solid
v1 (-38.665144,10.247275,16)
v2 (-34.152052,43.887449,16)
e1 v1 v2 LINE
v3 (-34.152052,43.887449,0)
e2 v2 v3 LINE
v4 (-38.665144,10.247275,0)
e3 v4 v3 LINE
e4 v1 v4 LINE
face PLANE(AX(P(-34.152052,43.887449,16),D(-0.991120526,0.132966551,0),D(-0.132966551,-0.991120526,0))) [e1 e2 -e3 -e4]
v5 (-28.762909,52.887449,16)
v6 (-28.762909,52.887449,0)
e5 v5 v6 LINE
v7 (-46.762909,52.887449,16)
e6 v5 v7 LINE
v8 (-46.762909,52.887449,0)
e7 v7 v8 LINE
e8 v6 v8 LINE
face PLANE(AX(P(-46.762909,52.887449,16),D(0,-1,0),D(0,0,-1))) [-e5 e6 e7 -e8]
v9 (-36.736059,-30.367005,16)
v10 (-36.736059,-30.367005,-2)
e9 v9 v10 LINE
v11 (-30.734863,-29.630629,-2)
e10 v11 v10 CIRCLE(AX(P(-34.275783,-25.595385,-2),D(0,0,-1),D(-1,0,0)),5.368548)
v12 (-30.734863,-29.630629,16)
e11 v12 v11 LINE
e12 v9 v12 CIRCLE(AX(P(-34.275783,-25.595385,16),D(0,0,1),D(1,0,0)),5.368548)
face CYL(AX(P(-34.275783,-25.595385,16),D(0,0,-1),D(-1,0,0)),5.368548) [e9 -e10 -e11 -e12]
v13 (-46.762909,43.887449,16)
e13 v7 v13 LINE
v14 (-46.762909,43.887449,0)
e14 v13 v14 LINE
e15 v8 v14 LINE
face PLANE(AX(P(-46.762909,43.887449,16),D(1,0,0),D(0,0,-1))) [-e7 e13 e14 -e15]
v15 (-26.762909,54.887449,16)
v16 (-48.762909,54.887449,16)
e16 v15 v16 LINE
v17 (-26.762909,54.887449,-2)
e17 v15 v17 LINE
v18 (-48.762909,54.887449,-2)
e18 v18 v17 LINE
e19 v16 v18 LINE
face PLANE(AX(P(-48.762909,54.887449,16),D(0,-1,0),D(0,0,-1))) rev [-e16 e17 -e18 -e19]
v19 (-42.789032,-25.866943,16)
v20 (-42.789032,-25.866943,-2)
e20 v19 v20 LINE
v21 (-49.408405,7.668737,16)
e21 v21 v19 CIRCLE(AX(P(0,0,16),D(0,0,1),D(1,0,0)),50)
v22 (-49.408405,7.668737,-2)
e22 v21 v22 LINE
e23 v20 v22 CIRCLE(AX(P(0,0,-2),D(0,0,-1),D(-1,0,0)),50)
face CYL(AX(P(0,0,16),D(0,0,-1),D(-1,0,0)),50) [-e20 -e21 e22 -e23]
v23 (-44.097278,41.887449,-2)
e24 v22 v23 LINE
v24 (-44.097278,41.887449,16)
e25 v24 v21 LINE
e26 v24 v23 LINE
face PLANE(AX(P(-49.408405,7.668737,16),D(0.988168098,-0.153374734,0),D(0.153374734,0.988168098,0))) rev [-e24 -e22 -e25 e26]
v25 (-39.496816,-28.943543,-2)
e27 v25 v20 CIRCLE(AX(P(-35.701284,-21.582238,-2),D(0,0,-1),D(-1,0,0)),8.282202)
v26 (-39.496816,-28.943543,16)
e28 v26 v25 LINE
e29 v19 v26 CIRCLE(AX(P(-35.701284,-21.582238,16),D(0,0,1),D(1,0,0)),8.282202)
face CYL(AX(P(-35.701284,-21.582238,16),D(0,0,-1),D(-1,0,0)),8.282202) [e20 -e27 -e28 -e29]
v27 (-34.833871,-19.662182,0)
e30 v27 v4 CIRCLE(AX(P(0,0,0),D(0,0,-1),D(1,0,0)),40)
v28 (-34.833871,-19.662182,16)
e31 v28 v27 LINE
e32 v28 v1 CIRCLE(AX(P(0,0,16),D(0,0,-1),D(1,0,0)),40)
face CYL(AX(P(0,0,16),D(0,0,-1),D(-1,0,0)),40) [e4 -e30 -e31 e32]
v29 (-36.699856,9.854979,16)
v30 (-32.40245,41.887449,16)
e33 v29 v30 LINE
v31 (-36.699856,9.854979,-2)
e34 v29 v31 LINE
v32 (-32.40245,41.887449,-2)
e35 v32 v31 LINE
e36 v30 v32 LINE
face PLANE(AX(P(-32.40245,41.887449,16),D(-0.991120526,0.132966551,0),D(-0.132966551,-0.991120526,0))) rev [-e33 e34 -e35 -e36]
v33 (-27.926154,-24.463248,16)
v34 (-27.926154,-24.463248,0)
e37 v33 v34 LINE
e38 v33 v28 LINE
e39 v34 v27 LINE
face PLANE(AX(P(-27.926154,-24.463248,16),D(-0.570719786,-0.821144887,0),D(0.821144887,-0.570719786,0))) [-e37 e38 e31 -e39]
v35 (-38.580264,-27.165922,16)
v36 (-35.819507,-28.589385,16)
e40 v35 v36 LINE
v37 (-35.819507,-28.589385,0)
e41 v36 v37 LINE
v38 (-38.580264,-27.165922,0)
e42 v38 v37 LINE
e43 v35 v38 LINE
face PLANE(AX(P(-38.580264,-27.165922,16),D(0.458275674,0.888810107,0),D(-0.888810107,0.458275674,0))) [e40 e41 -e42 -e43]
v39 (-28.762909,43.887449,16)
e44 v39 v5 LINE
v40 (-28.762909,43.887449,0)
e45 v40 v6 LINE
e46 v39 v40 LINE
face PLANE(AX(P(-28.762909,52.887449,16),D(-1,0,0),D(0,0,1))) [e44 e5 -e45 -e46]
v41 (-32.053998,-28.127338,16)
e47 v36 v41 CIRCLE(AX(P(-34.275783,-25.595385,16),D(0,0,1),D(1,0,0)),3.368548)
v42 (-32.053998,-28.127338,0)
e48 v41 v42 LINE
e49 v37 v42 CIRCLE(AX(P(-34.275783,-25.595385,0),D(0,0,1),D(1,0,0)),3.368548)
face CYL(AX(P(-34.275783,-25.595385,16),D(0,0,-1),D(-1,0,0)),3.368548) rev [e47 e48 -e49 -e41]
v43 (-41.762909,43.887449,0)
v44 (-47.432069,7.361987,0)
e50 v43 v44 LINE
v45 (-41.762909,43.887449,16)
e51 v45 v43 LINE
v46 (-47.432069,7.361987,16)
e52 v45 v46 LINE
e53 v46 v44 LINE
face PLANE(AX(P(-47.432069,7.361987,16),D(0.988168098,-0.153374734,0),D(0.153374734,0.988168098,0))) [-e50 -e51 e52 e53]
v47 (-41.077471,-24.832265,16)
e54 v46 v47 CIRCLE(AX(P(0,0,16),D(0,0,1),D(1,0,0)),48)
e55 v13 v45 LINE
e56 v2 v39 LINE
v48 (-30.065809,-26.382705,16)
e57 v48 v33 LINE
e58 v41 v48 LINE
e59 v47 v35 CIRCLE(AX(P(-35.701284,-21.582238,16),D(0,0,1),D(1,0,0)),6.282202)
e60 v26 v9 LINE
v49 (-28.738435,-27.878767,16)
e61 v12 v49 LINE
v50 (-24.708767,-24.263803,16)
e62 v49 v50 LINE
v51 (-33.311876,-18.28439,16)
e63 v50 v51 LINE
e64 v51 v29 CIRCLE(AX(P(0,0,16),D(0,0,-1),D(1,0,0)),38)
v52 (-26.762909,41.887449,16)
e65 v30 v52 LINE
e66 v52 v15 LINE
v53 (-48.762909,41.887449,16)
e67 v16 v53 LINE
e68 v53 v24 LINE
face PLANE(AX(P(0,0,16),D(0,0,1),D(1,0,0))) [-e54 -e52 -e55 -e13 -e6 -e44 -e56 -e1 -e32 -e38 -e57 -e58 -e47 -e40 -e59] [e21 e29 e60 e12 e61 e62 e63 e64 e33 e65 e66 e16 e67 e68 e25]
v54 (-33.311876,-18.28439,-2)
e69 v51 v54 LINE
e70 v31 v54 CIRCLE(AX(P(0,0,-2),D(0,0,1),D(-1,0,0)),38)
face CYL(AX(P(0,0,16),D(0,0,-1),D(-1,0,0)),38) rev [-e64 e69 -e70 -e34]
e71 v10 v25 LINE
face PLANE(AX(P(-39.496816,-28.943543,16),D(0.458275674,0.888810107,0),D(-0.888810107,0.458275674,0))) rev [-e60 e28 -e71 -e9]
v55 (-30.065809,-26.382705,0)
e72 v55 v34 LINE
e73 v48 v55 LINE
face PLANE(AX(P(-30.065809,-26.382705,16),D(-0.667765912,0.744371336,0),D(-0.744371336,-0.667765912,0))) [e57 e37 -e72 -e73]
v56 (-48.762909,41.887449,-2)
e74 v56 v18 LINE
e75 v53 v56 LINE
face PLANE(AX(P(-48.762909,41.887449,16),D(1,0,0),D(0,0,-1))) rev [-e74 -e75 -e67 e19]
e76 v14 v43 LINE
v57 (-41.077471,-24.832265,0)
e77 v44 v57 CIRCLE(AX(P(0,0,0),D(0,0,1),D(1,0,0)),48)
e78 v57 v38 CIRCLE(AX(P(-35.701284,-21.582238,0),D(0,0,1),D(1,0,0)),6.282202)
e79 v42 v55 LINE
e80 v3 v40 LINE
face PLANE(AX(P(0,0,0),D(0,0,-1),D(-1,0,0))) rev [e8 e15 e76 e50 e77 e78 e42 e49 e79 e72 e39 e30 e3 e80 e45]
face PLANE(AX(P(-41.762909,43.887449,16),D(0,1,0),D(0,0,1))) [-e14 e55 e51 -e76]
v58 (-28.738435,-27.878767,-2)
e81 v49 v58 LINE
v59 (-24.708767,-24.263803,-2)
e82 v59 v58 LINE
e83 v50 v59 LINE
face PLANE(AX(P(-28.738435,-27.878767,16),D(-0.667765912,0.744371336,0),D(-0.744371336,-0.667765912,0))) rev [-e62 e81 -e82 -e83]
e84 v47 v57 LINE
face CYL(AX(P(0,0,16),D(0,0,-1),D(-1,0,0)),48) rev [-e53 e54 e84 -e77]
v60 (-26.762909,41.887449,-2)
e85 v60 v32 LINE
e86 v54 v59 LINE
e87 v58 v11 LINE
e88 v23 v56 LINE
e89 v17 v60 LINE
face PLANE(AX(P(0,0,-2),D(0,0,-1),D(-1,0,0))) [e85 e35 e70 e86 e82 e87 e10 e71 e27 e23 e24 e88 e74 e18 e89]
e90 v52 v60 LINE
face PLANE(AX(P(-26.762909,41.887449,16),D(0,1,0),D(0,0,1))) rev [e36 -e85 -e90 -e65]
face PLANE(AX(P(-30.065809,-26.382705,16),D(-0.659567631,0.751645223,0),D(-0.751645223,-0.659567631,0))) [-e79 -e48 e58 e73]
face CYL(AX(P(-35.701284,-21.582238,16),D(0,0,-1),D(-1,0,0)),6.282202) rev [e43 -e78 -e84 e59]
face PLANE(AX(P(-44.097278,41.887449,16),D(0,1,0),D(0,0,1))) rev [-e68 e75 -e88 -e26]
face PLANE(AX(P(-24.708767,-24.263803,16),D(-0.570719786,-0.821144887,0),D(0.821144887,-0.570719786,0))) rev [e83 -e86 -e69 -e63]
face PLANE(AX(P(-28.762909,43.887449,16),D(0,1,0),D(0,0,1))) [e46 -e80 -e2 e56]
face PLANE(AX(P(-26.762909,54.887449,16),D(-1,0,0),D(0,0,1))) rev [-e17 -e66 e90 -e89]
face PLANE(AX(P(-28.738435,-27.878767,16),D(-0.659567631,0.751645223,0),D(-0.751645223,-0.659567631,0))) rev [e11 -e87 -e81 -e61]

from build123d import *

# Parameters (mm, degrees)
EXTRUDE_1_DEPTH = 16
EXTRUDE_START   = 2
EXTRUDE_2_DEPTH = 2


with BuildPart() as part:
    # 草图2 → 凸台-拉伸1 (new body)
    with BuildSketch(Plane.XY):
        with BuildLine():
            Line((-48.762908832, 54.887448723), (-26.762908832, 54.887448723))
            Line((-26.762908832, 54.887448723), (-26.762908832, 41.887448723))
            Line((-26.762908832, 41.887448723), (-32.402449776, 41.887448723))
            Line((-32.402449776, 41.887448723), (-36.699855568, 9.854978503))
            ThreePointArc((-36.699855568, 9.854978503), (-37.727531794, -4.542394165), (-33.311876123, -18.284389767))
            Line((-33.311876123, -18.284389767), (-24.708766903, -24.263803058))
            Line((-24.708766903, -24.263803058), (-28.738435498, -27.878766712))
            Line((-28.738435498, -27.878766712), (-30.734862705, -29.630628791))
            ThreePointArc((-30.734862705, -29.630628791), (-33.621940029, -30.923968409), (-36.736058642, -30.367005118))
            Line((-36.736058642, -30.367005118), (-39.496815638, -28.94354271))
            ThreePointArc((-39.496815638, -28.94354271), (-41.356176764, -27.633440822), (-42.78903224, -25.866942609))
            ThreePointArc((-42.78903224, -25.866942609), (-49.053565639, -9.682339493), (-49.408404924, 7.668736722))
            Line((-49.408404924, 7.668736722), (-44.097278331, 41.887448723))
            Line((-44.097278331, 41.887448723), (-48.762908832, 41.887448723))
            Line((-48.762908832, 41.887448723), (-48.762908832, 54.887448723))
        make_face()
        with BuildLine():
            Line((-30.065808903, -26.382705226), (-32.053997966, -28.127338346))
            ThreePointArc((-32.053997966, -28.127338346), (-33.865522987, -28.938856991), (-35.819507294, -28.589384904))
            Line((-35.819507294, -28.589384904), (-38.580264289, -27.165922497))
            ThreePointArc((-38.580264289, -27.165922497), (-39.990623798, -26.172186191), (-41.077470951, -24.832264904))
            ThreePointArc((-41.077470951, -24.832264904), (-47.091423014, -9.295045913), (-47.432068727, 7.361987253))
            Line((-47.432068727, 7.361987253), (-41.762908832, 43.887448723))
            Line((-41.762908832, 43.887448723), (-46.762908832, 43.887448723))
            Line((-46.762908832, 43.887448723), (-46.762908832, 52.887448723))
            Line((-46.762908832, 52.887448723), (-28.762908832, 52.887448723))
            Line((-28.762908832, 52.887448723), (-28.762908832, 43.887448723))
            Line((-28.762908832, 43.887448723), (-34.152052224, 43.887448723))
            Line((-34.152052224, 43.887448723), (-38.66514404, 10.247274583))
            ThreePointArc((-38.66514404, 10.247274583), (-39.67581399, -5.082301073), (-34.833871303, -19.66218223))
            Line((-34.833871303, -19.66218223), (-27.926153972, -24.463248422))
            Line((-27.926153972, -24.463248422), (-30.065808903, -26.382705226))
        make_face(mode=Mode.SUBTRACT)
    extrude(amount=EXTRUDE_1_DEPTH)

    # 草图3 → 凸台-拉伸2 (add)
    with BuildSketch(Plane(origin=(0, 0, 0), x_dir=(-1, 0, 0), z_dir=(0, 0, -1)).offset(EXTRUDE_START)):
        with BuildLine():
            Line((24.708766903, -24.263803058), (33.311876123, -18.284389767))
            ThreePointArc((33.311876123, -18.284389767), (37.727531794, -4.542394165), (36.699855568, 9.854978503))
            Line((36.699855568, 9.854978503), (32.402449776, 41.887448723))
            Line((32.402449776, 41.887448723), (26.762908832, 41.887448723))
            Line((26.762908832, 41.887448723), (26.762908832, 54.887448723))
            Line((26.762908832, 54.887448723), (48.762908832, 54.887448723))
            Line((48.762908832, 54.887448723), (48.762908832, 41.887448723))
            Line((48.762908832, 41.887448723), (44.097278331, 41.887448723))
            Line((44.097278331, 41.887448723), (49.408404924, 7.668736722))
            ThreePointArc((49.408404924, 7.668736722), (49.053565639, -9.682339493), (42.78903224, -25.866942609))
            ThreePointArc((42.78903224, -25.866942609), (41.356176764, -27.633440822), (39.496815638, -28.94354271))
            Line((39.496815638, -28.94354271), (36.736058642, -30.367005118))
            ThreePointArc((36.736058642, -30.367005118), (33.621940029, -30.923968409), (30.734862705, -29.630628791))
            Line((30.734862705, -29.630628791), (28.738435498, -27.878766712))
            Line((28.738435498, -27.878766712), (24.708766903, -24.263803058))
        make_face()
    extrude(amount=-EXTRUDE_2_DEPTH)


solid = part.part
